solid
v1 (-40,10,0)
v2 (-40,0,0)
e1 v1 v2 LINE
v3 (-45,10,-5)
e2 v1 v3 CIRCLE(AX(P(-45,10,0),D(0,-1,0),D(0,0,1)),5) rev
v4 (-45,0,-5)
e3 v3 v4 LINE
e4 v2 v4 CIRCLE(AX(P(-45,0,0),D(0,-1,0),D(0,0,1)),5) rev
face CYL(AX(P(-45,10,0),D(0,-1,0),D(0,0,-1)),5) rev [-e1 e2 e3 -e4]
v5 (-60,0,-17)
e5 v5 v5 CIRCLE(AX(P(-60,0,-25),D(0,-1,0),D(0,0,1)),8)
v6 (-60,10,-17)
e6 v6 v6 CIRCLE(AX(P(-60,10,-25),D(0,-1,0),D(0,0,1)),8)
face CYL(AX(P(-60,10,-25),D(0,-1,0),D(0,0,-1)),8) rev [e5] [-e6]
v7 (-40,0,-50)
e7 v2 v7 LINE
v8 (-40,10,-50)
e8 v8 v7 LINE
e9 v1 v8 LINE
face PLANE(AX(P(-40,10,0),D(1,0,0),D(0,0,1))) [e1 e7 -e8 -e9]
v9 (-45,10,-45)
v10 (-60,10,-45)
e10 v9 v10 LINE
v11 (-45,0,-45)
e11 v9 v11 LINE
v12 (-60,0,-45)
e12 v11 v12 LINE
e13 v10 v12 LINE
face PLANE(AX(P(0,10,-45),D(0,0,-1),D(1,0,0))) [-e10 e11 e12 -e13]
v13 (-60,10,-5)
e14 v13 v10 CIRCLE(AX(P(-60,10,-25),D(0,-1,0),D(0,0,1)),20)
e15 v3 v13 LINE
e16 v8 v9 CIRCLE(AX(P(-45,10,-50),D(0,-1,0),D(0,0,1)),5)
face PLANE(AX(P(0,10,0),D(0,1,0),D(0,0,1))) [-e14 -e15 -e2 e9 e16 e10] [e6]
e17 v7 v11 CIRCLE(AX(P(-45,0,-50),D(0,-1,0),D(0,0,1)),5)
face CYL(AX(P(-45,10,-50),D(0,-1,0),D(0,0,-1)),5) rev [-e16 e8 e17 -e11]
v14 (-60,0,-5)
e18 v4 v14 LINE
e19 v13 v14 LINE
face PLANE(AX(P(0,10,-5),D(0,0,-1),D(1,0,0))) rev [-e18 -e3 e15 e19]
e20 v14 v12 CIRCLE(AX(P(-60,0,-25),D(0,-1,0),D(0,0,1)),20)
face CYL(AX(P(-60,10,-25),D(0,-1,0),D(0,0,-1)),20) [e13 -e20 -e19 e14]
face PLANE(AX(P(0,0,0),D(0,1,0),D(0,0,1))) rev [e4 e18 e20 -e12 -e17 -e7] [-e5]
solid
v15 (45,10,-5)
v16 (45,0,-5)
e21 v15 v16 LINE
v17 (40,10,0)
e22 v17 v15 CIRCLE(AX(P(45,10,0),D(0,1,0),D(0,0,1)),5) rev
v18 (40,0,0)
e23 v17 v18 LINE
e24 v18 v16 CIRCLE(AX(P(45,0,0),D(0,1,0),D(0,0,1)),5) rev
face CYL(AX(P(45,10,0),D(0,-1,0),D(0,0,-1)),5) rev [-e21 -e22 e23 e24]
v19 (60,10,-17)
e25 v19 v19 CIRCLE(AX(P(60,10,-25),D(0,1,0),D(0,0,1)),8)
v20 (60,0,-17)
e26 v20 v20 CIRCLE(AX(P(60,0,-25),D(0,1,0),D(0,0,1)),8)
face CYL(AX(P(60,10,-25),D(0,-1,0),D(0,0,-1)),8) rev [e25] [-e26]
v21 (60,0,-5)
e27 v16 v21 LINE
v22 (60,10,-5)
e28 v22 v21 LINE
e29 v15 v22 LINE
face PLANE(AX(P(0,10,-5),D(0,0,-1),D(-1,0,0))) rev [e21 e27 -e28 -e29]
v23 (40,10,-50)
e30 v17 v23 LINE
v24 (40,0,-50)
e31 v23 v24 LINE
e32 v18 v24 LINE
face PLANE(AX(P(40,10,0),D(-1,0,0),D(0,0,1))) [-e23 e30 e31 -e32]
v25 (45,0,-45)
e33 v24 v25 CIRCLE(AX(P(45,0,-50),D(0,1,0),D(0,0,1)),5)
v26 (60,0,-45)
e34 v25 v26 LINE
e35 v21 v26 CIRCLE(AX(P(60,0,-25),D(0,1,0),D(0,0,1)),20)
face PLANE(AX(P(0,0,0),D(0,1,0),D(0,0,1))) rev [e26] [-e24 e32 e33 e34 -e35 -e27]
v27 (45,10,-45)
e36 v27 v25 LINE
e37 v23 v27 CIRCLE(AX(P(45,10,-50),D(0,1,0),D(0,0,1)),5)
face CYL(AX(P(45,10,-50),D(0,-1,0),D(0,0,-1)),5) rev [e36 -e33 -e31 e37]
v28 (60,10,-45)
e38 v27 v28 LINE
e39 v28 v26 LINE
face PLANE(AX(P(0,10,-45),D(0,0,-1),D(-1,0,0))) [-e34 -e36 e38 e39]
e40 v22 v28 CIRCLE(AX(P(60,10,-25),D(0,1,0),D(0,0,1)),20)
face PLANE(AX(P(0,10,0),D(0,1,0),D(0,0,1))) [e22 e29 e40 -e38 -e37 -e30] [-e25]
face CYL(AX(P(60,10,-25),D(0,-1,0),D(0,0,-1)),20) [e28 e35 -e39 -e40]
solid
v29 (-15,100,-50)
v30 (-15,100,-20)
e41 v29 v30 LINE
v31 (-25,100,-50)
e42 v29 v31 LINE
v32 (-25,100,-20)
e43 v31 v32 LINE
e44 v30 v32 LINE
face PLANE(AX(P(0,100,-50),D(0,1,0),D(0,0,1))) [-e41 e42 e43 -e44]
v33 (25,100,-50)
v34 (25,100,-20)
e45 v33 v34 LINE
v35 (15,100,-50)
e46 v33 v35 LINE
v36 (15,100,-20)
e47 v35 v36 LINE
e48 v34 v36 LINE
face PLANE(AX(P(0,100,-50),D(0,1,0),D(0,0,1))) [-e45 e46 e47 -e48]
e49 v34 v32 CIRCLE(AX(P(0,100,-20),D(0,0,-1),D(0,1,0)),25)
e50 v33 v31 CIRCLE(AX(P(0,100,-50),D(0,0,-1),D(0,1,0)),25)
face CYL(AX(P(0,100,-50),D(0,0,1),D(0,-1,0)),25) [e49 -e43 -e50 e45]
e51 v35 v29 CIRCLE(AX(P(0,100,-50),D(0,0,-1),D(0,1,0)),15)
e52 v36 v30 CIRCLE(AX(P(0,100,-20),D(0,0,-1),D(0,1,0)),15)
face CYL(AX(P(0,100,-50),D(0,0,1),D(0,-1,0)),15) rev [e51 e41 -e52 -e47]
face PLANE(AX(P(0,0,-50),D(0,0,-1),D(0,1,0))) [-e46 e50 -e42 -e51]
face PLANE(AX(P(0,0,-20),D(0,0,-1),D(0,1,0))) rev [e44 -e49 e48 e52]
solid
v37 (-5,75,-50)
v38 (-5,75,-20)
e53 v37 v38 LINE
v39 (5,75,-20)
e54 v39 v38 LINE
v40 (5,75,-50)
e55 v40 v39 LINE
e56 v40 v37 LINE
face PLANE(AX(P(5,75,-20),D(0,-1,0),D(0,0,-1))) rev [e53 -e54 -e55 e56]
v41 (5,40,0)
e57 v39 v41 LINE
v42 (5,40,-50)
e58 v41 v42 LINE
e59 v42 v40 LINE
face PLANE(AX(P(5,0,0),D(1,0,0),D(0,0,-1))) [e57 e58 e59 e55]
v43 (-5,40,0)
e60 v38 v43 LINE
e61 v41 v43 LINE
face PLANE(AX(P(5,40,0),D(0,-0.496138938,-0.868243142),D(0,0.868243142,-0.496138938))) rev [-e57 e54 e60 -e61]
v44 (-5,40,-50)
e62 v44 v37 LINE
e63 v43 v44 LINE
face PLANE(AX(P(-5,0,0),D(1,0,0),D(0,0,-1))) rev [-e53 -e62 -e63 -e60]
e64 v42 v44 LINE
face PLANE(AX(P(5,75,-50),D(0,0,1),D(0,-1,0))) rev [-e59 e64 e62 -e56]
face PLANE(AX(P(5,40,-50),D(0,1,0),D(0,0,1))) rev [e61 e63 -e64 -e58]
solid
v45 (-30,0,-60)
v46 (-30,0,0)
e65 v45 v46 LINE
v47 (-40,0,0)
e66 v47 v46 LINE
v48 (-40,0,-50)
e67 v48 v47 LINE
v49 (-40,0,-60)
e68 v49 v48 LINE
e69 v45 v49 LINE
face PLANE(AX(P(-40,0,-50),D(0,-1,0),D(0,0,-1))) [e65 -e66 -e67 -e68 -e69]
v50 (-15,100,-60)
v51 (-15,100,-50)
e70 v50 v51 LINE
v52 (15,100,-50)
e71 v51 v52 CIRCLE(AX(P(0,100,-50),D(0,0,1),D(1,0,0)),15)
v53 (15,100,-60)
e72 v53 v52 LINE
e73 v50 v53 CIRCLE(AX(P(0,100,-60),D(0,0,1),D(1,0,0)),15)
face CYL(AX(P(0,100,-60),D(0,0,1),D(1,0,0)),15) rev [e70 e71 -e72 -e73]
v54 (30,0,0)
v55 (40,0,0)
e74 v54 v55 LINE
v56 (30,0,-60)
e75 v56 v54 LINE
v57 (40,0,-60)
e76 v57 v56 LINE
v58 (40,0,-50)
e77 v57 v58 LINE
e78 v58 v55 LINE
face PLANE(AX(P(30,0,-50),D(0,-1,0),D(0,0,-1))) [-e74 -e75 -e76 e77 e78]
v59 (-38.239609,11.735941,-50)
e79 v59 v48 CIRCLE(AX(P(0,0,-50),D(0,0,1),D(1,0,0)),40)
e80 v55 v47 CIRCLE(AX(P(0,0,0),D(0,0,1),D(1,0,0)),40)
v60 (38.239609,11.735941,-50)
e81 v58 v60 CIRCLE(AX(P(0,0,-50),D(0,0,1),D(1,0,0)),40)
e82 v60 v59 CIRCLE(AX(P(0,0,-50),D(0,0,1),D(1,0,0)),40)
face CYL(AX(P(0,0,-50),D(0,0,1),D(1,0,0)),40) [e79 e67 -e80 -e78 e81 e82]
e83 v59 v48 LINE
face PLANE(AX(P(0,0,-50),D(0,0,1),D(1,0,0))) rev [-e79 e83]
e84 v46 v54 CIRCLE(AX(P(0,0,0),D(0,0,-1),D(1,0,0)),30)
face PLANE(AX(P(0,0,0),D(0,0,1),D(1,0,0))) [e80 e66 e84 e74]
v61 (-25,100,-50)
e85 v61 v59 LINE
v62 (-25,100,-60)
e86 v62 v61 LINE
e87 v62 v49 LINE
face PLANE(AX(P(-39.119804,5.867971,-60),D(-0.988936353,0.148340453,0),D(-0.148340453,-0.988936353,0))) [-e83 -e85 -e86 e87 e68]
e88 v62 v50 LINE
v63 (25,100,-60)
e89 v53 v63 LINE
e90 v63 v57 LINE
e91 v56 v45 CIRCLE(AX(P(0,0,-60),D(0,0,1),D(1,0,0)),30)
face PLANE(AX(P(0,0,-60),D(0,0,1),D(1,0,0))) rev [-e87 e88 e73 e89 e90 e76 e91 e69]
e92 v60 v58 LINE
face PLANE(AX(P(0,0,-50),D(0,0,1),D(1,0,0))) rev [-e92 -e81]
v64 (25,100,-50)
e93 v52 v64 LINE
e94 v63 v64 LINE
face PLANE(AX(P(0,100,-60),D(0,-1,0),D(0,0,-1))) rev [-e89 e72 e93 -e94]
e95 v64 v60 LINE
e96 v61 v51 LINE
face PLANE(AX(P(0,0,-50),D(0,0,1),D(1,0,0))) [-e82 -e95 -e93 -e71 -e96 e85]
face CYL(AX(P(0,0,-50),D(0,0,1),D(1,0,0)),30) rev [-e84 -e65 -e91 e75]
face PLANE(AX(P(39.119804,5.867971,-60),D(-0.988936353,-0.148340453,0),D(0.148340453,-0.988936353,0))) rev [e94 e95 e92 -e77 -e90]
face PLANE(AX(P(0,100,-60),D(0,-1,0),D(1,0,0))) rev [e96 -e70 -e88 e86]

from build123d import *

# Parameters (mm, degrees)
BOSS_EXTRUDE1_DEPTH = 50
BOSS_EXTRUDE2_DEPTH = 5
BOSS_EXTRUDE3_DEPTH = 30
BOSS_EXTRUDE5_DEPTH = 10
SKETCH6_R           = 8
BOSS_EXTRUDE9_DEPTH = 10


with BuildPart() as part:
    # Sketch1 → Boss-Extrude1 (new body)
    with BuildSketch(Plane.XY):
        with BuildLine():
            Line((-40, 0), (-30, 0))
            ThreePointArc((-30, 0), (0, 30), (30, 0))
            Line((30, 0), (40, 0))
            ThreePointArc((40, 0), (0, 40), (-40, 0))
        make_face()
    extrude(amount=-BOSS_EXTRUDE1_DEPTH)



with BuildPart() as body_2:
    # Sketch2 → Boss-Extrude2 (new body, symmetric)
    with BuildSketch(Plane(origin=(0, 0, 0), x_dir=(0, 0, -1), z_dir=(1, 0, 0))):
        Polygon((0, 40), (20, 75), (50, 75), (50, 40), align=None)
    extrude(amount=BOSS_EXTRUDE2_DEPTH, both=True)


with BuildPart() as body_3:
    # Sketch4 → Boss-Extrude3 (new body)
    with BuildSketch(Plane(origin=(0, 0, -20), x_dir=(-1, 0, 0), z_dir=(0, 0, -1))):
        with BuildLine():
            Line((-15, 100), (-25, 100))
            ThreePointArc((-25, 100), (0, 75), (25, 100))
            Line((25, 100), (15, 100))
            ThreePointArc((15, 100), (0, 85), (-15, 100))
        make_face()
    extrude(amount=BOSS_EXTRUDE3_DEPTH)


with BuildPart() as body_4:
    # Sketch5 → Boss-Extrude5 (new body)
    with BuildSketch(Plane.XY.offset(-50)):
        with BuildLine():
            Line((-25, 100), (-40, 0))
            Line((-40, 0), (-30, 0))
            ThreePointArc((-30, 0), (0, 30), (30, 0))
            Line((30, 0), (40, 0))
            Line((40, 0), (25, 100))
            Line((25, 100), (15, 100))
            ThreePointArc((15, 100), (0, 85), (-15, 100))
            Line((-15, 100), (-25, 100))
        make_face()
    extrude(amount=-BOSS_EXTRUDE5_DEPTH)


with BuildPart() as part_1:
    add(part.part)

    add(body_4.part)  # Boss-Extrude9 merges body 4
    # Sketch6 → Boss-Extrude9 (add)
    with BuildSketch(Plane(origin=(0, 0, 0), x_dir=(1, 0, 0), z_dir=(0, 1, 0))):
        with BuildLine():
            Line((60, 45), (45, 45))
            ThreePointArc((45, 45), (41.464466094, 46.464466094), (40, 50))
            Line((40, 50), (40, 0))
            ThreePointArc((40, 0), (41.464466094, 3.535533906), (45, 5))
            Line((45, 5), (60, 5))
            ThreePointArc((60, 5), (80, 25), (60, 45))
        make_face()
        with Locations(Location((60, 25, 0), (0, 0, 270))):  # turned: the seam where the file's is
            Circle(SKETCH6_R, mode=Mode.SUBTRACT)
    extrude(amount=BOSS_EXTRUDE9_DEPTH)

    # Mirror3: part across plane


with BuildPart() as part_2:
    add(part_1.part)
    add(part_1.part.mirror(Plane(origin=(0, 0, 0), x_dir=(0, 0, 1), z_dir=(1, 0, 0))))


solid = Compound([body_2.part, body_3.part, part_2.part])
